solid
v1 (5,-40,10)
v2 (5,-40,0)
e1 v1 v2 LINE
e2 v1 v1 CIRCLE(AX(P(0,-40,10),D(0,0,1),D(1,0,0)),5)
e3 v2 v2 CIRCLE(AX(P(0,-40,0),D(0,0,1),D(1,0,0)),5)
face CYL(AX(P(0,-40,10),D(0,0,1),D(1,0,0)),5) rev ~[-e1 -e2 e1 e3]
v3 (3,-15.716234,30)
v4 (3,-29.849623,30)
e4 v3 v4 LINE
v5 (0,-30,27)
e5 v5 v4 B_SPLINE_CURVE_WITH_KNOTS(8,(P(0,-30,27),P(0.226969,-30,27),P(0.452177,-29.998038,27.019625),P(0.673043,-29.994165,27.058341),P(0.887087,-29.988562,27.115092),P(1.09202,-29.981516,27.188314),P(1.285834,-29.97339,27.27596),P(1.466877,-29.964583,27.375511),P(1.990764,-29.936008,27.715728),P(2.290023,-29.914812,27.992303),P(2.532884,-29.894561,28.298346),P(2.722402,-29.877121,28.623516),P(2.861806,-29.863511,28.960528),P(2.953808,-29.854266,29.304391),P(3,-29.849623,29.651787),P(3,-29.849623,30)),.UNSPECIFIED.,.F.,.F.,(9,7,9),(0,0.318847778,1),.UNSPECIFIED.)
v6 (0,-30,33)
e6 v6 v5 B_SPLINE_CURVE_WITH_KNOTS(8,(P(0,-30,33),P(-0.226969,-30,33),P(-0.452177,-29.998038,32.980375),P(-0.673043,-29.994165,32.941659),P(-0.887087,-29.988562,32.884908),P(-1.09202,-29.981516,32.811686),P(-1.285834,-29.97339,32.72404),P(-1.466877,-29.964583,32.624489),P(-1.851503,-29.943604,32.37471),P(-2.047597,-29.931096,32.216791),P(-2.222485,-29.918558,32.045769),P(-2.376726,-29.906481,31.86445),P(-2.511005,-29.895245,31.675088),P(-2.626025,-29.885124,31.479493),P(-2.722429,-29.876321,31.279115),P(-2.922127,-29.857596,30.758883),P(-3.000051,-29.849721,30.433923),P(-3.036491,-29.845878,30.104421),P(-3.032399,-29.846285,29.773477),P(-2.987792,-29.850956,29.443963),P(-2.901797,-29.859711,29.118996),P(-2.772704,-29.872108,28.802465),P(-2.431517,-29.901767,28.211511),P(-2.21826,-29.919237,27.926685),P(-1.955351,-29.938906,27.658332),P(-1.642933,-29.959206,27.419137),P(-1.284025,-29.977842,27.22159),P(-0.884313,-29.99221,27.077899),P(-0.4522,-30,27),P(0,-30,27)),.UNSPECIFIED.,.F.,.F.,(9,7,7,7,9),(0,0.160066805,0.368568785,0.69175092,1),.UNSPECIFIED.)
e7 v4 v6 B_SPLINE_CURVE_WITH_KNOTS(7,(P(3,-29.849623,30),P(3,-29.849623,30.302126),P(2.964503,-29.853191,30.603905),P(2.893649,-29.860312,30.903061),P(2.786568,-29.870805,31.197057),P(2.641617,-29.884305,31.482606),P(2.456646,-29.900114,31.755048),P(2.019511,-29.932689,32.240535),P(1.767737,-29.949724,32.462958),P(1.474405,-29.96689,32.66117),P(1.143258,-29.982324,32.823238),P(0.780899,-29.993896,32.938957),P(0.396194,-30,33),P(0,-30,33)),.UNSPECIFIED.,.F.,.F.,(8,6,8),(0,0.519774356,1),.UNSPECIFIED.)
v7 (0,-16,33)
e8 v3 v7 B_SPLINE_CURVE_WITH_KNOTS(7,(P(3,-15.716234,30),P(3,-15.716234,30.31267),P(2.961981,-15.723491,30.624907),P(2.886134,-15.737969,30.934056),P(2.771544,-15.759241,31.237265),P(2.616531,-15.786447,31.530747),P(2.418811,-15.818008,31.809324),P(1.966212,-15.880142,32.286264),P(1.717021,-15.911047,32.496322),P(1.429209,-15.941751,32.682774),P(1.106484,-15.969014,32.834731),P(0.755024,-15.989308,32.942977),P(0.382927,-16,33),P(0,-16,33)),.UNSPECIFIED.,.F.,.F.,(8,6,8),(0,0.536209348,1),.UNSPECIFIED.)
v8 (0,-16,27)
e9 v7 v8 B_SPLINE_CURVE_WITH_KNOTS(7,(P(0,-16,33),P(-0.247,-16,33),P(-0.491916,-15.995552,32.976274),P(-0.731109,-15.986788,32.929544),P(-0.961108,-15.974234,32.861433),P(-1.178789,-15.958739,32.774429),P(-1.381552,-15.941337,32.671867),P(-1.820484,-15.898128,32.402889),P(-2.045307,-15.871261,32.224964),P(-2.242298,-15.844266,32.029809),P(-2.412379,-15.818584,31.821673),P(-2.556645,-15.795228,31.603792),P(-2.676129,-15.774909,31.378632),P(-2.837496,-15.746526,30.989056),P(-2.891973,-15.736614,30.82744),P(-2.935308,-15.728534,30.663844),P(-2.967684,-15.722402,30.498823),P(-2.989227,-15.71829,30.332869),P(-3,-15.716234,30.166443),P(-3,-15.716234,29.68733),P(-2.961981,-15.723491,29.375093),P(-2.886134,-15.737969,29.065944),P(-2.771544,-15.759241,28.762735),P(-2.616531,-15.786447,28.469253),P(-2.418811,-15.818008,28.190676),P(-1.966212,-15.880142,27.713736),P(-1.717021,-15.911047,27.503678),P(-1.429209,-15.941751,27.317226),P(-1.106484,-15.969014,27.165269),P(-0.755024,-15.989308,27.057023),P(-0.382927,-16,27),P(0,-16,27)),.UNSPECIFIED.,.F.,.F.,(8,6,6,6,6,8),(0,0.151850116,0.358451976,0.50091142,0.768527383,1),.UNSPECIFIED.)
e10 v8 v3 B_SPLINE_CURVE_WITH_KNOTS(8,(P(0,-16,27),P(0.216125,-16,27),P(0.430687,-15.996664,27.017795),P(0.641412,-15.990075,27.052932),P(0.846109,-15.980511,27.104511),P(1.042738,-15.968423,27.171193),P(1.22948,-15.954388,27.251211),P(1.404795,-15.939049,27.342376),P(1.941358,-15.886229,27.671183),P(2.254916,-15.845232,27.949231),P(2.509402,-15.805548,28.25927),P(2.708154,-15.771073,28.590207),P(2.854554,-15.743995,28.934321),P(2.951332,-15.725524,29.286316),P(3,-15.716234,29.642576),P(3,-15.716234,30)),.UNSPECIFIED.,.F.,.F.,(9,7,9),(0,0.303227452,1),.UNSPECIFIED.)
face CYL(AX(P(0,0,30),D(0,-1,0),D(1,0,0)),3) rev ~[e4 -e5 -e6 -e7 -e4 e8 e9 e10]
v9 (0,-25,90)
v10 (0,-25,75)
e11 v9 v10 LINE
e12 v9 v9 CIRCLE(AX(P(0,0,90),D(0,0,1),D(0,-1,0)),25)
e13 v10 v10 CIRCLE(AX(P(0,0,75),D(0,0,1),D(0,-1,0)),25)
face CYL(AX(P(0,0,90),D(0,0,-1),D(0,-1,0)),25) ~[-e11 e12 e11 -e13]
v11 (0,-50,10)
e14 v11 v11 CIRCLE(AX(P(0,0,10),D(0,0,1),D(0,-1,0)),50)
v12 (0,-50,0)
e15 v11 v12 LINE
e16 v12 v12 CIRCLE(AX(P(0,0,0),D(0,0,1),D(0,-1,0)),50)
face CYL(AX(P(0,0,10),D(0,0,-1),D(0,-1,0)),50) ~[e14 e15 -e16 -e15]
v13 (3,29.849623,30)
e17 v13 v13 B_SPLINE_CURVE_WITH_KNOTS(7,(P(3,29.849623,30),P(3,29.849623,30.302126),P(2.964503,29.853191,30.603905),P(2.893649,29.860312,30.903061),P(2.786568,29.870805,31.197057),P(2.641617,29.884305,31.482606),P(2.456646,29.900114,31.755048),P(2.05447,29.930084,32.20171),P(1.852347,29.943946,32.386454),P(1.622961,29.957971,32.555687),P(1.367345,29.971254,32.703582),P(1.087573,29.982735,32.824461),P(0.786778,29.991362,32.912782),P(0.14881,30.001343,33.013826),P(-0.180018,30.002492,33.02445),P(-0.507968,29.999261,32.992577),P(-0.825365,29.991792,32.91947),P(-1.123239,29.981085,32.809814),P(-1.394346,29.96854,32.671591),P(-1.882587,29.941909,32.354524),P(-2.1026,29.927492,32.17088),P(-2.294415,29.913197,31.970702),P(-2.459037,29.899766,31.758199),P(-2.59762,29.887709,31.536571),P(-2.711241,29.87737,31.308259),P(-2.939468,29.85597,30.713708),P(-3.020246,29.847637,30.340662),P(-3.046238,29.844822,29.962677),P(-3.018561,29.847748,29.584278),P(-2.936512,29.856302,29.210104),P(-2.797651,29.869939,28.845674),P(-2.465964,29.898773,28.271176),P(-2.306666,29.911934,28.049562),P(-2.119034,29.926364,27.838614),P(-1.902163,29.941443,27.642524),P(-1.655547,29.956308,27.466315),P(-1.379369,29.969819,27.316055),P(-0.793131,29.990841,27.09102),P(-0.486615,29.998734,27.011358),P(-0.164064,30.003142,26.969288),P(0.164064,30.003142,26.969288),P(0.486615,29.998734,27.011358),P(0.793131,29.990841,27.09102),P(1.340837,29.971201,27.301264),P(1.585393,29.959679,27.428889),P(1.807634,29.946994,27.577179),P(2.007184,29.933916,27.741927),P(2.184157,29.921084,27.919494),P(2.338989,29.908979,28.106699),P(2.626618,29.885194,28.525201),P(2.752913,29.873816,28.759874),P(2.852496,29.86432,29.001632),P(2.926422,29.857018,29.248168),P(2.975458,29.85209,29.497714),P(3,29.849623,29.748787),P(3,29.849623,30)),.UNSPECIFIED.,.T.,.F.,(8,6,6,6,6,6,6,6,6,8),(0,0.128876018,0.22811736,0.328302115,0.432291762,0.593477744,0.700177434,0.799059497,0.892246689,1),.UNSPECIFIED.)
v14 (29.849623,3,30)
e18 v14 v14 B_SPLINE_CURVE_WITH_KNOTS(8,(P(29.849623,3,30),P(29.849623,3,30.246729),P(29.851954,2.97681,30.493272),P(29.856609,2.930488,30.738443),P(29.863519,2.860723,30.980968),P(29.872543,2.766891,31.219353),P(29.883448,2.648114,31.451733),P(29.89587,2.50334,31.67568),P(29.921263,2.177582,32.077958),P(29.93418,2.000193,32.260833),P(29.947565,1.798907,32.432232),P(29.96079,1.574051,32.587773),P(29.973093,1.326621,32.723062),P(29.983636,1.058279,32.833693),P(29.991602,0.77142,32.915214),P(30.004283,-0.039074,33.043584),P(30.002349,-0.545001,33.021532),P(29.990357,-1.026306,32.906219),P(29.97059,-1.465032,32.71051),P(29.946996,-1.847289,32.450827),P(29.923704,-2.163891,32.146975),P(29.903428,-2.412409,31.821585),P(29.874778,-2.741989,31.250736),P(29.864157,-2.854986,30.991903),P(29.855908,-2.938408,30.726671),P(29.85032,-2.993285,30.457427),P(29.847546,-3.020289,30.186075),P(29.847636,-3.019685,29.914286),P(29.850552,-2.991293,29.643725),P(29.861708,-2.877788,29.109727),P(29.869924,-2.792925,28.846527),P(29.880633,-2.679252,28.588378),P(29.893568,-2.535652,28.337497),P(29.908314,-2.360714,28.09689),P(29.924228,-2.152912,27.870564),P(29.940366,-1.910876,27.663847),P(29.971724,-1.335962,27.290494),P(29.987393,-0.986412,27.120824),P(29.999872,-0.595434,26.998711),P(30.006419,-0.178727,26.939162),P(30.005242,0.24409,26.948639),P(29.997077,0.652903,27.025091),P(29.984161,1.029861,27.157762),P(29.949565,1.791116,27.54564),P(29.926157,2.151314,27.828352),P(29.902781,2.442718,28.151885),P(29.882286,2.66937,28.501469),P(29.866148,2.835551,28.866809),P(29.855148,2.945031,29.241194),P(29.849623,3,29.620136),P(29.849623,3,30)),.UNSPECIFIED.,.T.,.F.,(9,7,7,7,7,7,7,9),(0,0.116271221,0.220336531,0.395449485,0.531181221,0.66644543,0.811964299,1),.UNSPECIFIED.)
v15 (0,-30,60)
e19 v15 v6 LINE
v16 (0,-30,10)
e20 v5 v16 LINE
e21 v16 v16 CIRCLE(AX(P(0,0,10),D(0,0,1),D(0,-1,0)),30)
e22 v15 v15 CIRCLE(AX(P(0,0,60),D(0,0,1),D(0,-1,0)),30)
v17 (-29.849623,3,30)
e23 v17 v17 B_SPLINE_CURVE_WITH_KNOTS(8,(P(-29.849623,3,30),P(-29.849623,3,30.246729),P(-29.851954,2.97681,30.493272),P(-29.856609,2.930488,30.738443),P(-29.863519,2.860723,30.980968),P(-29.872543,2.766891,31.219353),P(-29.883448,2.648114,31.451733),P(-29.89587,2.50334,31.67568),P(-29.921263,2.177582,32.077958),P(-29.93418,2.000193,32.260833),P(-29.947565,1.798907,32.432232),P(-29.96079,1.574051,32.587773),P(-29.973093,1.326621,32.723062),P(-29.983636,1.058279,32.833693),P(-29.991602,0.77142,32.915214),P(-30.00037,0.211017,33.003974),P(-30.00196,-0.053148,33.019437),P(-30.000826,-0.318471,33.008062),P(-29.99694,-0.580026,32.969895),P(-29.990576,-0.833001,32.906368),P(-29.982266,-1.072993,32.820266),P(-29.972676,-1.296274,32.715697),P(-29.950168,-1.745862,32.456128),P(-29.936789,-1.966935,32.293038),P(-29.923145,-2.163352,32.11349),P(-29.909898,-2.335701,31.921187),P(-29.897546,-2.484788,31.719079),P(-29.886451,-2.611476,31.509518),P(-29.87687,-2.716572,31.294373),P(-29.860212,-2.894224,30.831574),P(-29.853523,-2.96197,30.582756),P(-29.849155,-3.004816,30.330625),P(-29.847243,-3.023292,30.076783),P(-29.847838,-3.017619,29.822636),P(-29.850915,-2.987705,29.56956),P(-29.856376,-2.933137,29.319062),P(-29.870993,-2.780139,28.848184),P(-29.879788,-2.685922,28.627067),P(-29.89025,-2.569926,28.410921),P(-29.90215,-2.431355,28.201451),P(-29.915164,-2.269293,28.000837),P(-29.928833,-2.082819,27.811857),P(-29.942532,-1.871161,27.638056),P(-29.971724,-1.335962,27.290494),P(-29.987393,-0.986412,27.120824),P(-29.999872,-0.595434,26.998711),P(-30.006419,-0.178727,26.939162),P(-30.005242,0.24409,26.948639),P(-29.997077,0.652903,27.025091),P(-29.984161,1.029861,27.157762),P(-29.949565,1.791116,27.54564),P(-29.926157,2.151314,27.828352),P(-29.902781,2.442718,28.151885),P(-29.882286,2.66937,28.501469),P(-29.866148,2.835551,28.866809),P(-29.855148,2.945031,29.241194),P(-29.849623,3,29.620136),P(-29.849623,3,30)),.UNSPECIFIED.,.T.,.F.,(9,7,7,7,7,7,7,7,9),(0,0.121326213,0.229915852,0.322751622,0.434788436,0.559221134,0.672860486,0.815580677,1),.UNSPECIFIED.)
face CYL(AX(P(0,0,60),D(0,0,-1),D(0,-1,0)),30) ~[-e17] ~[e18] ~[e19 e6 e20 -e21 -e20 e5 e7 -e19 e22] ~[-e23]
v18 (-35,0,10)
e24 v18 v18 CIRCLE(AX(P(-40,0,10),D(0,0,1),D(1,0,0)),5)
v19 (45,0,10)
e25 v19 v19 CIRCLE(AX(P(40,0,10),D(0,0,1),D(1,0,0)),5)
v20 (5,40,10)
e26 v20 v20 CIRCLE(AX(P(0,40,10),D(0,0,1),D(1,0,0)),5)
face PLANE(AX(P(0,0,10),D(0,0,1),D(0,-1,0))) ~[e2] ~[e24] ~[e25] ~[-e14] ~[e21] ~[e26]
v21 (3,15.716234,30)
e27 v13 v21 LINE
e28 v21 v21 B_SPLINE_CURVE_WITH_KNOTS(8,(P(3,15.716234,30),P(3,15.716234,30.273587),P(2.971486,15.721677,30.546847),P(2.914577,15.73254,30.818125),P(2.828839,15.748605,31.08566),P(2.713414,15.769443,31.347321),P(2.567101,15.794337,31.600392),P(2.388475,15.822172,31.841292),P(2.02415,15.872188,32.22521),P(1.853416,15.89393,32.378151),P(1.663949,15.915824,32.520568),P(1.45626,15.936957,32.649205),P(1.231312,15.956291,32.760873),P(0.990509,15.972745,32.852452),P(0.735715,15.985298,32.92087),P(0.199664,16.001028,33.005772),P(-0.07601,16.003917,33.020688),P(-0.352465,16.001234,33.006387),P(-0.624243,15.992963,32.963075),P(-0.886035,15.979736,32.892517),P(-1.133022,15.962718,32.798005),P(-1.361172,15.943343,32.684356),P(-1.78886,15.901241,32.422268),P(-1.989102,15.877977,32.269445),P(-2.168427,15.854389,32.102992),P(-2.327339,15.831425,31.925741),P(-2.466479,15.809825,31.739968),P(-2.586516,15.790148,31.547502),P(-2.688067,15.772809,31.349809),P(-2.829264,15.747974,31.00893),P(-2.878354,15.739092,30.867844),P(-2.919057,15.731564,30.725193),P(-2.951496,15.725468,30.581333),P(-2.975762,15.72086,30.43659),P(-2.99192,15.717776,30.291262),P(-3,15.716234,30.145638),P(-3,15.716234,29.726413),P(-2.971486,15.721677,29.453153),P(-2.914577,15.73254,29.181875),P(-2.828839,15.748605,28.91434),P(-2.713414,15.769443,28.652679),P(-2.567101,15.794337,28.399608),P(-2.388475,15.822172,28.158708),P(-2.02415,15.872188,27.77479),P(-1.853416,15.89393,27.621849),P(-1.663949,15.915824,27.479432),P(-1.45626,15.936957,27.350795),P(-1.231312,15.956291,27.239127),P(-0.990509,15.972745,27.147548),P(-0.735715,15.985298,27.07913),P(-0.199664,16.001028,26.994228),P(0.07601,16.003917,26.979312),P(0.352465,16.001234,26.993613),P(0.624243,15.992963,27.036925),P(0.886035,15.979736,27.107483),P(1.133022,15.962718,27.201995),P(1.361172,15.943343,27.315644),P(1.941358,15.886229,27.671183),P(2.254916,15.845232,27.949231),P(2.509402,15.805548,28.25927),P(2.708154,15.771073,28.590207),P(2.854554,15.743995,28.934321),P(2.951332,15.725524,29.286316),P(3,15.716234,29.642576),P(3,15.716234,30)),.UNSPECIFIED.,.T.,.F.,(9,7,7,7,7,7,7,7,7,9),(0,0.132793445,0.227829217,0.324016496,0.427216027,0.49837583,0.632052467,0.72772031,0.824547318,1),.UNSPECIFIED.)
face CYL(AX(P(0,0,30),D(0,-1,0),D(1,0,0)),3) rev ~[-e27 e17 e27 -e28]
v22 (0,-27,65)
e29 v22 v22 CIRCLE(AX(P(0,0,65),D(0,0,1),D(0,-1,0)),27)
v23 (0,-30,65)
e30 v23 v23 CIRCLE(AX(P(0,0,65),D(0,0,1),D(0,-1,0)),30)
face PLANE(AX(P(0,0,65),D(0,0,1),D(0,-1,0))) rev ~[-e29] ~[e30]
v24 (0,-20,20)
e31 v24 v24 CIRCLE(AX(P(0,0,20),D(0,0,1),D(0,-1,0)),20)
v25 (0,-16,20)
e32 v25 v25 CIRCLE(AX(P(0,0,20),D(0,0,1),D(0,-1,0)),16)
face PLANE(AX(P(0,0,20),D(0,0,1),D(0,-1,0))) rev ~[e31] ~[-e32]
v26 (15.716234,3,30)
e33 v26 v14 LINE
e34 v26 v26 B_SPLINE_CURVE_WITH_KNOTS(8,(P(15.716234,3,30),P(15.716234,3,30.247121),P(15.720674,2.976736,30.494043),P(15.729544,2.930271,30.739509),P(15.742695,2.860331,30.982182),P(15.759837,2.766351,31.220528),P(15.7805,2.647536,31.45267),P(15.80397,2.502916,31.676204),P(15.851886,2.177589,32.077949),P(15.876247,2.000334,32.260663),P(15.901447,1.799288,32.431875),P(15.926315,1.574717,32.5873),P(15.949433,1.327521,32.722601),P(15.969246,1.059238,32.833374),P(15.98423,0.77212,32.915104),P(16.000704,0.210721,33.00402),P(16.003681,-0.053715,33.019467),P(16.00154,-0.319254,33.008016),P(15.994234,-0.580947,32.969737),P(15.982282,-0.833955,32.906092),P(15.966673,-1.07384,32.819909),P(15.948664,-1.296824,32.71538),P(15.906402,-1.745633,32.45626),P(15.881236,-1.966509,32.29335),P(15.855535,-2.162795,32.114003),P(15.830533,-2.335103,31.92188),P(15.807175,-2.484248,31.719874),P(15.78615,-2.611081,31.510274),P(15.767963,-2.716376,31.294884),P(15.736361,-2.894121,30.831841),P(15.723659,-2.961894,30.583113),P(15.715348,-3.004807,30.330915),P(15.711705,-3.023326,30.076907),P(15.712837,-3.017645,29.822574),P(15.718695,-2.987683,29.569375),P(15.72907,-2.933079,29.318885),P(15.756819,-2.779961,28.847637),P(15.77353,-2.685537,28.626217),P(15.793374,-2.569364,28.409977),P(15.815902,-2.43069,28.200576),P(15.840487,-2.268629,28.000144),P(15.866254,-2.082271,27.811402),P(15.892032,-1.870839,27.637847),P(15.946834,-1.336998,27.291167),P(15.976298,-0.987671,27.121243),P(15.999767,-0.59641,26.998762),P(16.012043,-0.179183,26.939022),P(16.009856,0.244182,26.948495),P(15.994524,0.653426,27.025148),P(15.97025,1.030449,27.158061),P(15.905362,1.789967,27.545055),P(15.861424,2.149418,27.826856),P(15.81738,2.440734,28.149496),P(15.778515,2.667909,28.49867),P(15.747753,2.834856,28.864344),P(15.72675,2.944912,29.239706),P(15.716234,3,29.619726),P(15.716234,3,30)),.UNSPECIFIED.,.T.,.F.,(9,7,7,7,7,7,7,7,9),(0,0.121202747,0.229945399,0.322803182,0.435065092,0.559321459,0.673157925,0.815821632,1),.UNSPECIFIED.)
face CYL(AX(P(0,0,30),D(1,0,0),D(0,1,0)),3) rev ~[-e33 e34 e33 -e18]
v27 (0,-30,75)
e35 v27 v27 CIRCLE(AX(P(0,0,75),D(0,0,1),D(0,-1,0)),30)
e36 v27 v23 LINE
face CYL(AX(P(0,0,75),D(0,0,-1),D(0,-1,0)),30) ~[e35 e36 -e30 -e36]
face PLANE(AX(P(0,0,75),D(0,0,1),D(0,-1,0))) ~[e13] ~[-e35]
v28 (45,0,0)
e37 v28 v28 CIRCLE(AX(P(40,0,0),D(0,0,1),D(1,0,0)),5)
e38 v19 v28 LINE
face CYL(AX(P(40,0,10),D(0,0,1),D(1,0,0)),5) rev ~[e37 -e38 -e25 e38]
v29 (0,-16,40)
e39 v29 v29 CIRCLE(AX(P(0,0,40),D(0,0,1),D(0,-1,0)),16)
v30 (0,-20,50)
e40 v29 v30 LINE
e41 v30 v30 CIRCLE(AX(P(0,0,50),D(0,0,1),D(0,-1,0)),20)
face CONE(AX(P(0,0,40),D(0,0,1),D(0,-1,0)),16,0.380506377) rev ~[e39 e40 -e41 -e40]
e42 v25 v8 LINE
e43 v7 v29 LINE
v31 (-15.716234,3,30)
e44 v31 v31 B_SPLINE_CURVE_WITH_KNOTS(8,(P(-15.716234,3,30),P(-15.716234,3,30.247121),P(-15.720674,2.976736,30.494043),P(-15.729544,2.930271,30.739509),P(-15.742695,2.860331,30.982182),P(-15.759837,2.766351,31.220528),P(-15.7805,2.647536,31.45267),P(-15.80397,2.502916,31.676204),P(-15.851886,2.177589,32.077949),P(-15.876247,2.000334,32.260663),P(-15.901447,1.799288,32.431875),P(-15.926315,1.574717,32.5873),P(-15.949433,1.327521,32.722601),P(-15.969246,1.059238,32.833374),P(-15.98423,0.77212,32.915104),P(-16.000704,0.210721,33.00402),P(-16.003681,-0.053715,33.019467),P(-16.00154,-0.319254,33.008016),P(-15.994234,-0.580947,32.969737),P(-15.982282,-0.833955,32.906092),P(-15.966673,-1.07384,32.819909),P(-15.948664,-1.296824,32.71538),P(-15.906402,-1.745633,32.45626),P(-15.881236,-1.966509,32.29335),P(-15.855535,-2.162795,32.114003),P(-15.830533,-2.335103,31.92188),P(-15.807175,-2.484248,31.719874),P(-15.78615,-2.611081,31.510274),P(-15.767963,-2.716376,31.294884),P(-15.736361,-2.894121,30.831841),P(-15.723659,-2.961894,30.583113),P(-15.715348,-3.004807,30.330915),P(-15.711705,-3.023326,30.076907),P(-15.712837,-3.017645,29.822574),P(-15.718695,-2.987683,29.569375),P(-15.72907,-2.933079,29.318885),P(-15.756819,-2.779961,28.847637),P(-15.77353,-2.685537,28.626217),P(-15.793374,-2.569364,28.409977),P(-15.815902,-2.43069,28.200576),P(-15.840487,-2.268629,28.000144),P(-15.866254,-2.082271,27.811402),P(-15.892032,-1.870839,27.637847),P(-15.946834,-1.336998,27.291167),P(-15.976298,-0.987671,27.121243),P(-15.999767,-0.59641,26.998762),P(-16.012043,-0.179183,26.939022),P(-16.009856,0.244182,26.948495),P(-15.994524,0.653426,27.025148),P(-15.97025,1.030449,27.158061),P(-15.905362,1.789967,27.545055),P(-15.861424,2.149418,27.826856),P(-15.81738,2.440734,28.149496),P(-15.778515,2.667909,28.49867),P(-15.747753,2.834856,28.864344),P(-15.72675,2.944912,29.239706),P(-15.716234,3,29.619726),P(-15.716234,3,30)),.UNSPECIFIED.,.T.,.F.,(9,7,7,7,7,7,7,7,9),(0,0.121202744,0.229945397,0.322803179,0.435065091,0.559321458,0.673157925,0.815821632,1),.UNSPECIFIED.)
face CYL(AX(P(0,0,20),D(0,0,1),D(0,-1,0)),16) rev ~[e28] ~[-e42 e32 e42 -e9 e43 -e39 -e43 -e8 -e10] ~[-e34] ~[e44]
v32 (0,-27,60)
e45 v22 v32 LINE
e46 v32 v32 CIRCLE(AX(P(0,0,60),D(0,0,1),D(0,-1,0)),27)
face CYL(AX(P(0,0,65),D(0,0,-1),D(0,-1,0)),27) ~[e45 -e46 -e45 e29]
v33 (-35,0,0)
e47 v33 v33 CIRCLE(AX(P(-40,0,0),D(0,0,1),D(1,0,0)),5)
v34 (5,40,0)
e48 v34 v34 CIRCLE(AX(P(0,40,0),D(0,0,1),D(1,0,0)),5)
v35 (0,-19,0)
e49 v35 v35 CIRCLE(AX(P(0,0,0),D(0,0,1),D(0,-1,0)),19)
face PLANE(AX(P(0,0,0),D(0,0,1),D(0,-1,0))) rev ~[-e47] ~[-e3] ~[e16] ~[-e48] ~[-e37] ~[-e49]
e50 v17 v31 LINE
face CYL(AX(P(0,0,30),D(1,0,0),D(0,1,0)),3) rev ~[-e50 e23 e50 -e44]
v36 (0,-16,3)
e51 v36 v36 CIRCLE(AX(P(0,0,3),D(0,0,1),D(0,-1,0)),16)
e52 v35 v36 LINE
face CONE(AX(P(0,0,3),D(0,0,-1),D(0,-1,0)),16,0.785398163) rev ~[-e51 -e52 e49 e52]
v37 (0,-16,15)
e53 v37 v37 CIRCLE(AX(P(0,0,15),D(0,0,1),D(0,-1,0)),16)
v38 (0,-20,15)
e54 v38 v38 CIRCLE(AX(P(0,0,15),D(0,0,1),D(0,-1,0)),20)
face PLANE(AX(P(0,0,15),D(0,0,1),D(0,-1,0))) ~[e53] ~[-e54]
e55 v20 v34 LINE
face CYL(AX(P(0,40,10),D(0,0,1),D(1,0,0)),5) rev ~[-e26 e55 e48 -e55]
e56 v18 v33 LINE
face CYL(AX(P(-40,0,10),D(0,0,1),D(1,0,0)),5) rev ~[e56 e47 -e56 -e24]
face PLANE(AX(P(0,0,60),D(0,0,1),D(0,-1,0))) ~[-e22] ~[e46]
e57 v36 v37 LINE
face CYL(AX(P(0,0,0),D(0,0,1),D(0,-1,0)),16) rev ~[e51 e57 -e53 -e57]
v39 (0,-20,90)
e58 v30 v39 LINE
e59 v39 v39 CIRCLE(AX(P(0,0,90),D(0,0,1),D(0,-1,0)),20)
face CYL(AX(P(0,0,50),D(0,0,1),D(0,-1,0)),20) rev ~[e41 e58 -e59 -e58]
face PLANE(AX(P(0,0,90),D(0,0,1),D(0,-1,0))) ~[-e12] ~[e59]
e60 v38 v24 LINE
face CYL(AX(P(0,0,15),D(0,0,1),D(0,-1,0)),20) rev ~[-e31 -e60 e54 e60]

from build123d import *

# Parameters (mm, degrees)
F2_SIZE  = 3
F3_R     = 3
F4_DEPTH = 50
F5_R     = 3
F6_DEPTH = 50
F7_R     = 5
F8_DEPTH = 10


with BuildPart() as f1:
    # F0 (on Right) → F1 (revolve)
    with BuildSketch(Plane.YZ):
        Polygon((-50, 0), (-16, 0), (-16, 15), (-20, 15), (-20, 20), (-16, 20), (-16, 40), (-20, 50), (-20, 90), (-25, 90), (-25, 75), (-30, 75), (-30, 65), (-27, 65), (-27, 60), (-30, 60), (-30, 10), (-50, 10), align=None)
    revolve(axis=Axis((0, 0, 45), (0, 0, 1)))

    # F2
    f2_edges = [f1.edges().sort_by_distance(p)[0] for p in [
        (0, 16, 0),
    ]]
    chamfer(f2_edges, length=F2_SIZE)

    # F3 (on Front) → F4 (cut, symmetric)
    with BuildSketch(Plane.XZ):
        with Locations((0, 30)):
            Circle(F3_R)
    extrude(amount=F4_DEPTH, both=True, mode=Mode.SUBTRACT)

    # F5 (on Right) → F6 (cut, symmetric)
    with BuildSketch(Plane.YZ):
        with Locations((0, 30)):
            Circle(F5_R)
    extrude(amount=F6_DEPTH, both=True, mode=Mode.SUBTRACT)

    # F7 (on face) → F8 (cut, through all)
    with BuildSketch(Plane.XY.offset(10)):
        with Locations((0, -40)):
            Circle(F7_R)
        with Locations((40, 0)):
            Circle(F7_R)
        with Locations((0, 40)):
            Circle(F7_R)
        with Locations((-40, 0)):
            Circle(F7_R)
    extrude(amount=-F8_DEPTH, mode=Mode.SUBTRACT)


solid = f1.part
